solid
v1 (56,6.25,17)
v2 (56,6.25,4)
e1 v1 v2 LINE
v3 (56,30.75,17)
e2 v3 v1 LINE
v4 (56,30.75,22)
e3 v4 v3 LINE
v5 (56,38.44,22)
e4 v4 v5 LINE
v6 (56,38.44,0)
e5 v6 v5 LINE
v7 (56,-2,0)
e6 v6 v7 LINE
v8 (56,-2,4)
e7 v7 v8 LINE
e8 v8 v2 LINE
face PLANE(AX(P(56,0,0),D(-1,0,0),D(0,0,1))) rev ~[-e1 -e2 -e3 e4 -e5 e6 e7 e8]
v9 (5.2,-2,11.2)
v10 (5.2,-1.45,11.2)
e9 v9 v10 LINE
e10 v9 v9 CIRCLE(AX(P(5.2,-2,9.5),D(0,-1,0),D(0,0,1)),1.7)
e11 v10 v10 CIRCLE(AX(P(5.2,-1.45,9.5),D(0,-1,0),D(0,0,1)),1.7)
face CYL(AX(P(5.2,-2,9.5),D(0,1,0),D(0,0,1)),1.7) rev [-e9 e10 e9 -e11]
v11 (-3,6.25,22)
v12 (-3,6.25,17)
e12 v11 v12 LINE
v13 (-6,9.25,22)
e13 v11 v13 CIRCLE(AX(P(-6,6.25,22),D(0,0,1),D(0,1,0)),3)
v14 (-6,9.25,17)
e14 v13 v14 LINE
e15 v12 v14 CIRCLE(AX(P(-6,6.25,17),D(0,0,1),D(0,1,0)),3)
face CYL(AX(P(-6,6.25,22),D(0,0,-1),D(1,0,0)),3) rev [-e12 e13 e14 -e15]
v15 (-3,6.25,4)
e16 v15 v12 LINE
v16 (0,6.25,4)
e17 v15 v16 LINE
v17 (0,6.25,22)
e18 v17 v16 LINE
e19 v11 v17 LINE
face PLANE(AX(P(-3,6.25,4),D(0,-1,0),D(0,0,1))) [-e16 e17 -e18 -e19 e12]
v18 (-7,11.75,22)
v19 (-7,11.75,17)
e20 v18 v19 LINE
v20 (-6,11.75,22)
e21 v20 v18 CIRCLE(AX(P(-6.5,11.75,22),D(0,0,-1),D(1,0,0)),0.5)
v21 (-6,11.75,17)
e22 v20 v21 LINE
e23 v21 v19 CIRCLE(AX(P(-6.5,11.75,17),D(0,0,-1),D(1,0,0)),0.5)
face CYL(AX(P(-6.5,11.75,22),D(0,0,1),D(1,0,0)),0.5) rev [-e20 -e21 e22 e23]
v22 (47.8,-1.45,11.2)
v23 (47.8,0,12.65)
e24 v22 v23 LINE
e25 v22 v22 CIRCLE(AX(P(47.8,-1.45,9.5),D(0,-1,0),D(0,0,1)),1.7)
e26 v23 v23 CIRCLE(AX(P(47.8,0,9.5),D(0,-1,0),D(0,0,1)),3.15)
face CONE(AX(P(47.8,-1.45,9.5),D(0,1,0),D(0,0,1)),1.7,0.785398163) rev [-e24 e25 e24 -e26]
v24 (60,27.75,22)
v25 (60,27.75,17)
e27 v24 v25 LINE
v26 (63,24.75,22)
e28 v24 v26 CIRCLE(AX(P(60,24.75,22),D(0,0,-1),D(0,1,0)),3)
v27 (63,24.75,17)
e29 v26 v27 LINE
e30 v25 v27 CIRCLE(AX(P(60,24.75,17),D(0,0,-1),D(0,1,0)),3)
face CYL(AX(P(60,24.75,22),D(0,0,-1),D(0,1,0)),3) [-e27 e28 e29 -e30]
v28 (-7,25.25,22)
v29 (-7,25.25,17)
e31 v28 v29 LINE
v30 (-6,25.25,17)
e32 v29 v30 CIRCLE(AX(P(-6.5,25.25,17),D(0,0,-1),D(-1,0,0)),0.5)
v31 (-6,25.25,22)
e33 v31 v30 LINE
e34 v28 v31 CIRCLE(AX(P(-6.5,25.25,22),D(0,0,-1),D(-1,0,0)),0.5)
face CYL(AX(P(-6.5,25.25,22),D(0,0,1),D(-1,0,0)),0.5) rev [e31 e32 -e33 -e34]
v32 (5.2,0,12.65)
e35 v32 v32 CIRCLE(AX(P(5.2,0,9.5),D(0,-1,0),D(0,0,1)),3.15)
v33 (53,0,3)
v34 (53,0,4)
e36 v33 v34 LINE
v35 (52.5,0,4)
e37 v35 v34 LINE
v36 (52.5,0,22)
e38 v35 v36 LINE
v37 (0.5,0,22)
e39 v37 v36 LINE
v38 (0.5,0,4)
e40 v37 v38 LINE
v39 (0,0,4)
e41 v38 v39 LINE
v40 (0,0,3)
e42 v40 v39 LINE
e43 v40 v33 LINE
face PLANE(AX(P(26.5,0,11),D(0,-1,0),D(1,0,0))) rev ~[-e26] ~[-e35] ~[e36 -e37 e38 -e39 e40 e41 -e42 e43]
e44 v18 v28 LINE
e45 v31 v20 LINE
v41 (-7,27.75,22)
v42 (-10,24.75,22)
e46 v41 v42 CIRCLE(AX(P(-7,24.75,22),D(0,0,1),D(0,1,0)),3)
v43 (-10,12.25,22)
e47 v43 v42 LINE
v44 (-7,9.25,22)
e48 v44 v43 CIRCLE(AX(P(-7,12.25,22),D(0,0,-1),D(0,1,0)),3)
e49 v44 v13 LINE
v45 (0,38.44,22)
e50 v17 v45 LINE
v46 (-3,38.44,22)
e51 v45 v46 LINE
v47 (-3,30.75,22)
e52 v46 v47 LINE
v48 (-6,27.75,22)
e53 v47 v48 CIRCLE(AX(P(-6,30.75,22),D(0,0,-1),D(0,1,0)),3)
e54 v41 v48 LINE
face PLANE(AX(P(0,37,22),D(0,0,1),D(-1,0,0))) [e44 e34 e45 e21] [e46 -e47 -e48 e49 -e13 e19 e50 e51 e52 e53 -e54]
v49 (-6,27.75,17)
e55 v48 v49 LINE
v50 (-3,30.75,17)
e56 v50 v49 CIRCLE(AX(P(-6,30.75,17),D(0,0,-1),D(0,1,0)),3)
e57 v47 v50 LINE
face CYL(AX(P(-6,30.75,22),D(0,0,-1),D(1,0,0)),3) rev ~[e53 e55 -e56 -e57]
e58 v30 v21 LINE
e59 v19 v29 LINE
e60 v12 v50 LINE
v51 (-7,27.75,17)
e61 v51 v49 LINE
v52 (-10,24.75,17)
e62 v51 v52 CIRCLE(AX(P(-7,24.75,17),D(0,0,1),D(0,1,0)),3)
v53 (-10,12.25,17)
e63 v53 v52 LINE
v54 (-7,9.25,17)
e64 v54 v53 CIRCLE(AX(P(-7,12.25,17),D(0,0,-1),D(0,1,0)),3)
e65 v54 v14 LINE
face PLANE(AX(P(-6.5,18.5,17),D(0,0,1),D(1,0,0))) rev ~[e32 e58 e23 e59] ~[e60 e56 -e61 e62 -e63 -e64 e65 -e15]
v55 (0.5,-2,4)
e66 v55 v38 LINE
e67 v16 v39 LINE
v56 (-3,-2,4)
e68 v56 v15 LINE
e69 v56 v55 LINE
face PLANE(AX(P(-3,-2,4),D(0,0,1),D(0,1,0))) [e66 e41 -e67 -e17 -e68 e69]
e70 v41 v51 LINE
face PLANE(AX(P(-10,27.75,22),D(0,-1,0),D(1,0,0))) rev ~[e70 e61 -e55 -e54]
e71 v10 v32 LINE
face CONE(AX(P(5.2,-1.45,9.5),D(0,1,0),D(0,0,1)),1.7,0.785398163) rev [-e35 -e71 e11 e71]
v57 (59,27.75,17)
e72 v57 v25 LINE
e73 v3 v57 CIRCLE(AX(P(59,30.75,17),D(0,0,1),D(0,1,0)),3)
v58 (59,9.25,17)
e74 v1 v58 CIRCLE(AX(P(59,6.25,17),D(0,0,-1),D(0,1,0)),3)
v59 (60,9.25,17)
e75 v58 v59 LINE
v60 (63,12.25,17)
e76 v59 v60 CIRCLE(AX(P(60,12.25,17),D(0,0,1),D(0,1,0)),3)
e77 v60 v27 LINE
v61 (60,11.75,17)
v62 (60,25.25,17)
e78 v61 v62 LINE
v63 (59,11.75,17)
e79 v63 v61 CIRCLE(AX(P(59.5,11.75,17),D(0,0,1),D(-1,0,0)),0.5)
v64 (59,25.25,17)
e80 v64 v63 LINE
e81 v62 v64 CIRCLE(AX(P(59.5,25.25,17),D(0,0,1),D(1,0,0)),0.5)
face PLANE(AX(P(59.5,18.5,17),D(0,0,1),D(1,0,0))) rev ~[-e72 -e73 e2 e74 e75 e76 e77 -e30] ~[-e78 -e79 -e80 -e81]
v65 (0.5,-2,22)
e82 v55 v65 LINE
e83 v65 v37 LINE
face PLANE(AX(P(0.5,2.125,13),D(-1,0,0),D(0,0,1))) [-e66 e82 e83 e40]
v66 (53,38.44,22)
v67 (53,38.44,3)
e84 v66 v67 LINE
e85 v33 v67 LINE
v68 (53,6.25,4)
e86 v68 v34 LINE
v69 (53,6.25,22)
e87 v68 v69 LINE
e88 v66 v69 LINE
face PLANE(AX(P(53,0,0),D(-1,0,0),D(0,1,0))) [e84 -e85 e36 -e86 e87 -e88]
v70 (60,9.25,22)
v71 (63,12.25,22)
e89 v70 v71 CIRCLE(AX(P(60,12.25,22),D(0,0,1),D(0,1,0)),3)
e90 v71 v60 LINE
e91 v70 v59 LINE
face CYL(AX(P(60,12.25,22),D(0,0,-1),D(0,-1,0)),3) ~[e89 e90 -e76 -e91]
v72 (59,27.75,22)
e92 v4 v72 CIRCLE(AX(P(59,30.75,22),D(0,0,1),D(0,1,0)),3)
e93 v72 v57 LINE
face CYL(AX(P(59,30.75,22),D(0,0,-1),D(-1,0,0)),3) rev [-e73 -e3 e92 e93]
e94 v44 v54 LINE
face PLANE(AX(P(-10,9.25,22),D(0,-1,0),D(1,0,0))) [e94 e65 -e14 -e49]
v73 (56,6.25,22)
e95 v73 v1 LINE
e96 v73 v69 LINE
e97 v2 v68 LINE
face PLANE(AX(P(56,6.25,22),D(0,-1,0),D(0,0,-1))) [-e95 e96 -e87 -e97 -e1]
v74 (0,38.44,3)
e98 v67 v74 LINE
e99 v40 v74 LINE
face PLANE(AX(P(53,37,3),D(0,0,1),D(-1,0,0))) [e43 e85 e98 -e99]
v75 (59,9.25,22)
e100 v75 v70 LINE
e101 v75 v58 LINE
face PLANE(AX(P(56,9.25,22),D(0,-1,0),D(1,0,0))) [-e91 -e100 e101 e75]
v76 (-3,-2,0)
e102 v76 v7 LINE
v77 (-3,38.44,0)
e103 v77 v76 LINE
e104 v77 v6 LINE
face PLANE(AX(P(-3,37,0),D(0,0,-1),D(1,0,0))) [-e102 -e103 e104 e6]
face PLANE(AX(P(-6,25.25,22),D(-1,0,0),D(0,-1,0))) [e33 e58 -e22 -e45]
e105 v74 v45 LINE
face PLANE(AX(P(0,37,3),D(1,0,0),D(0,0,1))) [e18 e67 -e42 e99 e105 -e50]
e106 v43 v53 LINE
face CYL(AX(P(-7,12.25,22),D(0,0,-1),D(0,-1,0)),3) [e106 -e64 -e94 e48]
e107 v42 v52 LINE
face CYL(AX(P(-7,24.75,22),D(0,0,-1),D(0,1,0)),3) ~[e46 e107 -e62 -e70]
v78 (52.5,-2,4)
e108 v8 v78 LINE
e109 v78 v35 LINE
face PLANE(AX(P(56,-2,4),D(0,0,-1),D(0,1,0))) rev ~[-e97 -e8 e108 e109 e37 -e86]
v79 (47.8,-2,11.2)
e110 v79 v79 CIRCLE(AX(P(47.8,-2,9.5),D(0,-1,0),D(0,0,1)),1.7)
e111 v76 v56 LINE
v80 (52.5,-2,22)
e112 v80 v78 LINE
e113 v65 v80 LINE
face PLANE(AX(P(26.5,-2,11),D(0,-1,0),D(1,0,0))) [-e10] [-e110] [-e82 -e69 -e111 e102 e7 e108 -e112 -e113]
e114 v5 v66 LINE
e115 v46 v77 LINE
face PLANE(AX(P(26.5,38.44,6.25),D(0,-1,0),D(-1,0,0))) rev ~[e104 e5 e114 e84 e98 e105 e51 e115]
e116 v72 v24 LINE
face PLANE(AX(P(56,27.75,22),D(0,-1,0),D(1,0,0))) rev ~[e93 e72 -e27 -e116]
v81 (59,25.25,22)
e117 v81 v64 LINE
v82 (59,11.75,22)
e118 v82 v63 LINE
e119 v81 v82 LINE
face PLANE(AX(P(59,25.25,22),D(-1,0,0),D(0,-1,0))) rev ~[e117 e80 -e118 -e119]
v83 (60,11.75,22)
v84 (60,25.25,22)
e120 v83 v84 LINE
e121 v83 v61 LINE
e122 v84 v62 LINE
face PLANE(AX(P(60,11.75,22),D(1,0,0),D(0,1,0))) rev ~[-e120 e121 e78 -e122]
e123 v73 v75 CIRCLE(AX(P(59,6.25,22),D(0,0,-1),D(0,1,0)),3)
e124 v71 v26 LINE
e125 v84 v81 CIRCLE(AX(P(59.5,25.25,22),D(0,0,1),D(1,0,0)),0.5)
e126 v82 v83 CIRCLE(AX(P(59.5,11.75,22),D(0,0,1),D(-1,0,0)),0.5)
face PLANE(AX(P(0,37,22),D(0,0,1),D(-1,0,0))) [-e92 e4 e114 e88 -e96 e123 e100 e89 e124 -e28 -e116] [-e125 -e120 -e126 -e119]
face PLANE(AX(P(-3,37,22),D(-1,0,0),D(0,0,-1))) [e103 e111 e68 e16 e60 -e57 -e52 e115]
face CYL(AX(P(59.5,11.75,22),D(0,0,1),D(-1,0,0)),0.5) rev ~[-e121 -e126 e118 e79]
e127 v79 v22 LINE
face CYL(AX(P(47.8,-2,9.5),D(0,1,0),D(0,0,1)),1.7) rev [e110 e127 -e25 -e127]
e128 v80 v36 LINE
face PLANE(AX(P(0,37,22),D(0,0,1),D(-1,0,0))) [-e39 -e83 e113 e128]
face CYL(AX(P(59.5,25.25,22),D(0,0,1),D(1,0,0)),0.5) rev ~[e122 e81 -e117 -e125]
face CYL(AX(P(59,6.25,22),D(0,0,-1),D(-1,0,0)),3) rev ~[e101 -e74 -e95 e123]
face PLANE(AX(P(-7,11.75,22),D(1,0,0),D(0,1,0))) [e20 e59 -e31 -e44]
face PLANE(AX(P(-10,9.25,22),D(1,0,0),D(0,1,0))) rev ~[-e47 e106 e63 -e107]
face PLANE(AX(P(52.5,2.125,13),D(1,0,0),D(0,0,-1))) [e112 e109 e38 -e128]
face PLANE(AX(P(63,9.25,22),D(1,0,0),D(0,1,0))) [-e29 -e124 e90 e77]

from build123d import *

# Parameters (mm, degrees)
SKETCH5_W                                      = 53
SKETCH5_H                                      = 37
BOSS_EXTRUDE3_DEPTH                            = 3
BOSS_EXTRUDE4_DEPTH                            = 19
BOSS_EXTRUDE4_DEPTH_BACK                       = 3
SKETCH6_W                                      = 3
SKETCH6_H                                      = 37
SKETCH7_W                                      = 7
SKETCH7_H                                      = 18.5
BOSS_EXTRUDE5_DEPTH                            = 5
FILLET3_R                                      = 3
SKETCH8_W                                      = 59
SKETCH8_H                                      = 22
SKETCH8_R                                      = 0.5
BOSS_EXTRUDE6_DEPTH                            = 2
CSK_FOR_M3_FLAT_HEAD_MACHINE_SCREW1_AT_2_COUNT = 2
CSK_FOR_M3_FLAT_HEAD_MACHINE_SCREW1_AT_2_PITCH = 42.6
BOSS_EXTRUDE7_DEPTH                            = 1.44
SKETCH11_W                                     = 18
SKETCH11_H                                     = 8.25
CUT_EXTRUDE1_DEPTH                             = 3.5
SKETCH12_W                                     = 18
SKETCH12_H                                     = 8.25
CUT_EXTRUDE2_DEPTH                             = 3.5


with BuildPart() as part:
    # Sketch5 → Boss-Extrude3 (new body)
    with BuildSketch(Plane.XY):
        with Locations((26.5, 18.5)):
            Rectangle(SKETCH5_W, SKETCH5_H)
    extrude(amount=BOSS_EXTRUDE3_DEPTH)

    # Sketch6 → Boss-Extrude4 (add, two sides: drawn at the far end of the back side and taken through both)
    with BuildSketch(Plane.XY.offset(3).offset(-BOSS_EXTRUDE4_DEPTH_BACK)):
        with Locations((-1.5, 18.5)):
            Rectangle(SKETCH6_W, SKETCH6_H)
        with Locations((54.5, 18.5)):
            Rectangle(SKETCH6_W, SKETCH6_H)
    extrude(amount=BOSS_EXTRUDE4_DEPTH + BOSS_EXTRUDE4_DEPTH_BACK)

    # Sketch7 → Boss-Extrude5 (add)
    # profile 1 of 2: a face of its own
    with BuildSketch(Plane.XY.offset(22)):
        with Locations((-6.5, 18.5)):
            Rectangle(SKETCH7_W, SKETCH7_H)
        with BuildLine():
            Line((-6, 25.25), (-6, 11.75))
            ThreePointArc((-6, 11.75), (-6.5, 11.25), (-7, 11.75))
            Line((-7, 11.75), (-7, 25.25))
            ThreePointArc((-7, 25.25), (-6.5, 25.75), (-6, 25.25))
        make_face(mode=Mode.SUBTRACT)
    # profile 2 of 2: a face of its own
    with BuildSketch(Plane.XY.offset(22)):
        with Locations((59.5, 18.5)):
            Rectangle(SKETCH7_W, SKETCH7_H)
        with BuildLine():
            Line((59, 25.25), (59, 11.75))
            ThreePointArc((59, 11.75), (59.5, 11.25), (60, 11.75))
            Line((60, 11.75), (60, 25.25))
            ThreePointArc((60, 25.25), (59.5, 25.75), (59, 25.25))
        make_face(mode=Mode.SUBTRACT)
    extrude(amount=-BOSS_EXTRUDE5_DEPTH)

    # Fillet3
    fillet3_edges = [part.edges().sort_by_distance(p)[0] for p in [
        (-3, 27.75, 19.5),
        (-3, 9.25, 19.5),
        (-10, 9.25, 19.5),
        (-10, 27.75, 19.5),
        (63, 9.25, 19.5),
        (56, 9.25, 19.5),
        (56, 27.75, 19.5),
        (63, 27.75, 19.5),
    ]]
    fillet(fillet3_edges, radius=FILLET3_R)

    # Sketch8 → Boss-Extrude6 (add)
    with BuildSketch(Plane.XZ):
        with Locations((26.5, 11)):
            Rectangle(SKETCH8_W, SKETCH8_H)
        with Locations((5.2, 9.5)):
            Circle(SKETCH8_R, mode=Mode.SUBTRACT)
        with Locations((47.8, 9.5)):
            Circle(SKETCH8_R, mode=Mode.SUBTRACT)
    extrude(amount=BOSS_EXTRUDE6_DEPTH)

    # Sketch9 → CSK for M3 Flat Head Machine Screw1 (revolve, cut)
    with BuildSketch(Plane(origin=(5.2, 0, 9.5), x_dir=(0, 0, 1), z_dir=(1, 0, 0))):
        Polygon((0, 0), (0, 2), (1.7, 2), (1.7, 1.45), (3.15, 0), align=None)
    csk_for_m3_flat_head_machine_screw1 = revolve(axis=Axis((5.2, 6.35, 9.5), (0, -1, 0)), mode=Mode.SUBTRACT)

    # CSK for M3 Flat Head Machine Screw1 at 2: CSK for M3 Flat Head Machine Screw1 ×2
    with Locations(*[(i * CSK_FOR_M3_FLAT_HEAD_MACHINE_SCREW1_AT_2_PITCH, 0, 0) for i in range(1, CSK_FOR_M3_FLAT_HEAD_MACHINE_SCREW1_AT_2_COUNT)]):
        add(csk_for_m3_flat_head_machine_screw1, mode=Mode.SUBTRACT)

    # Sketch10 → Boss-Extrude7 (add)
    with BuildSketch(Plane(origin=(0, 37, 0), x_dir=(1, 0, 0), z_dir=(0, 1, 0))):
        Polygon((0, -22), (-3, -22), (-3, 0), (56, 0), (56, -22), (53, -22), (53, -3), (0, -3), align=None)
    extrude(amount=BOSS_EXTRUDE7_DEPTH)

    # Sketch11 → Cut-Extrude1 (cut)
    with BuildSketch(Plane.ZY.offset(3)):
        with Locations((13, 2.125)):
            Rectangle(SKETCH11_W, SKETCH11_H)
    extrude(amount=-CUT_EXTRUDE1_DEPTH, mode=Mode.SUBTRACT)

    # Sketch12 → Cut-Extrude2 (cut)
    with BuildSketch(Plane(origin=(56, 0, 0), x_dir=(0, 0, -1), z_dir=(1, 0, 0))):
        with Locations((-13, 2.125)):
            Rectangle(SKETCH12_W, SKETCH12_H)
    extrude(amount=-CUT_EXTRUDE2_DEPTH, mode=Mode.SUBTRACT)


solid = part.part
